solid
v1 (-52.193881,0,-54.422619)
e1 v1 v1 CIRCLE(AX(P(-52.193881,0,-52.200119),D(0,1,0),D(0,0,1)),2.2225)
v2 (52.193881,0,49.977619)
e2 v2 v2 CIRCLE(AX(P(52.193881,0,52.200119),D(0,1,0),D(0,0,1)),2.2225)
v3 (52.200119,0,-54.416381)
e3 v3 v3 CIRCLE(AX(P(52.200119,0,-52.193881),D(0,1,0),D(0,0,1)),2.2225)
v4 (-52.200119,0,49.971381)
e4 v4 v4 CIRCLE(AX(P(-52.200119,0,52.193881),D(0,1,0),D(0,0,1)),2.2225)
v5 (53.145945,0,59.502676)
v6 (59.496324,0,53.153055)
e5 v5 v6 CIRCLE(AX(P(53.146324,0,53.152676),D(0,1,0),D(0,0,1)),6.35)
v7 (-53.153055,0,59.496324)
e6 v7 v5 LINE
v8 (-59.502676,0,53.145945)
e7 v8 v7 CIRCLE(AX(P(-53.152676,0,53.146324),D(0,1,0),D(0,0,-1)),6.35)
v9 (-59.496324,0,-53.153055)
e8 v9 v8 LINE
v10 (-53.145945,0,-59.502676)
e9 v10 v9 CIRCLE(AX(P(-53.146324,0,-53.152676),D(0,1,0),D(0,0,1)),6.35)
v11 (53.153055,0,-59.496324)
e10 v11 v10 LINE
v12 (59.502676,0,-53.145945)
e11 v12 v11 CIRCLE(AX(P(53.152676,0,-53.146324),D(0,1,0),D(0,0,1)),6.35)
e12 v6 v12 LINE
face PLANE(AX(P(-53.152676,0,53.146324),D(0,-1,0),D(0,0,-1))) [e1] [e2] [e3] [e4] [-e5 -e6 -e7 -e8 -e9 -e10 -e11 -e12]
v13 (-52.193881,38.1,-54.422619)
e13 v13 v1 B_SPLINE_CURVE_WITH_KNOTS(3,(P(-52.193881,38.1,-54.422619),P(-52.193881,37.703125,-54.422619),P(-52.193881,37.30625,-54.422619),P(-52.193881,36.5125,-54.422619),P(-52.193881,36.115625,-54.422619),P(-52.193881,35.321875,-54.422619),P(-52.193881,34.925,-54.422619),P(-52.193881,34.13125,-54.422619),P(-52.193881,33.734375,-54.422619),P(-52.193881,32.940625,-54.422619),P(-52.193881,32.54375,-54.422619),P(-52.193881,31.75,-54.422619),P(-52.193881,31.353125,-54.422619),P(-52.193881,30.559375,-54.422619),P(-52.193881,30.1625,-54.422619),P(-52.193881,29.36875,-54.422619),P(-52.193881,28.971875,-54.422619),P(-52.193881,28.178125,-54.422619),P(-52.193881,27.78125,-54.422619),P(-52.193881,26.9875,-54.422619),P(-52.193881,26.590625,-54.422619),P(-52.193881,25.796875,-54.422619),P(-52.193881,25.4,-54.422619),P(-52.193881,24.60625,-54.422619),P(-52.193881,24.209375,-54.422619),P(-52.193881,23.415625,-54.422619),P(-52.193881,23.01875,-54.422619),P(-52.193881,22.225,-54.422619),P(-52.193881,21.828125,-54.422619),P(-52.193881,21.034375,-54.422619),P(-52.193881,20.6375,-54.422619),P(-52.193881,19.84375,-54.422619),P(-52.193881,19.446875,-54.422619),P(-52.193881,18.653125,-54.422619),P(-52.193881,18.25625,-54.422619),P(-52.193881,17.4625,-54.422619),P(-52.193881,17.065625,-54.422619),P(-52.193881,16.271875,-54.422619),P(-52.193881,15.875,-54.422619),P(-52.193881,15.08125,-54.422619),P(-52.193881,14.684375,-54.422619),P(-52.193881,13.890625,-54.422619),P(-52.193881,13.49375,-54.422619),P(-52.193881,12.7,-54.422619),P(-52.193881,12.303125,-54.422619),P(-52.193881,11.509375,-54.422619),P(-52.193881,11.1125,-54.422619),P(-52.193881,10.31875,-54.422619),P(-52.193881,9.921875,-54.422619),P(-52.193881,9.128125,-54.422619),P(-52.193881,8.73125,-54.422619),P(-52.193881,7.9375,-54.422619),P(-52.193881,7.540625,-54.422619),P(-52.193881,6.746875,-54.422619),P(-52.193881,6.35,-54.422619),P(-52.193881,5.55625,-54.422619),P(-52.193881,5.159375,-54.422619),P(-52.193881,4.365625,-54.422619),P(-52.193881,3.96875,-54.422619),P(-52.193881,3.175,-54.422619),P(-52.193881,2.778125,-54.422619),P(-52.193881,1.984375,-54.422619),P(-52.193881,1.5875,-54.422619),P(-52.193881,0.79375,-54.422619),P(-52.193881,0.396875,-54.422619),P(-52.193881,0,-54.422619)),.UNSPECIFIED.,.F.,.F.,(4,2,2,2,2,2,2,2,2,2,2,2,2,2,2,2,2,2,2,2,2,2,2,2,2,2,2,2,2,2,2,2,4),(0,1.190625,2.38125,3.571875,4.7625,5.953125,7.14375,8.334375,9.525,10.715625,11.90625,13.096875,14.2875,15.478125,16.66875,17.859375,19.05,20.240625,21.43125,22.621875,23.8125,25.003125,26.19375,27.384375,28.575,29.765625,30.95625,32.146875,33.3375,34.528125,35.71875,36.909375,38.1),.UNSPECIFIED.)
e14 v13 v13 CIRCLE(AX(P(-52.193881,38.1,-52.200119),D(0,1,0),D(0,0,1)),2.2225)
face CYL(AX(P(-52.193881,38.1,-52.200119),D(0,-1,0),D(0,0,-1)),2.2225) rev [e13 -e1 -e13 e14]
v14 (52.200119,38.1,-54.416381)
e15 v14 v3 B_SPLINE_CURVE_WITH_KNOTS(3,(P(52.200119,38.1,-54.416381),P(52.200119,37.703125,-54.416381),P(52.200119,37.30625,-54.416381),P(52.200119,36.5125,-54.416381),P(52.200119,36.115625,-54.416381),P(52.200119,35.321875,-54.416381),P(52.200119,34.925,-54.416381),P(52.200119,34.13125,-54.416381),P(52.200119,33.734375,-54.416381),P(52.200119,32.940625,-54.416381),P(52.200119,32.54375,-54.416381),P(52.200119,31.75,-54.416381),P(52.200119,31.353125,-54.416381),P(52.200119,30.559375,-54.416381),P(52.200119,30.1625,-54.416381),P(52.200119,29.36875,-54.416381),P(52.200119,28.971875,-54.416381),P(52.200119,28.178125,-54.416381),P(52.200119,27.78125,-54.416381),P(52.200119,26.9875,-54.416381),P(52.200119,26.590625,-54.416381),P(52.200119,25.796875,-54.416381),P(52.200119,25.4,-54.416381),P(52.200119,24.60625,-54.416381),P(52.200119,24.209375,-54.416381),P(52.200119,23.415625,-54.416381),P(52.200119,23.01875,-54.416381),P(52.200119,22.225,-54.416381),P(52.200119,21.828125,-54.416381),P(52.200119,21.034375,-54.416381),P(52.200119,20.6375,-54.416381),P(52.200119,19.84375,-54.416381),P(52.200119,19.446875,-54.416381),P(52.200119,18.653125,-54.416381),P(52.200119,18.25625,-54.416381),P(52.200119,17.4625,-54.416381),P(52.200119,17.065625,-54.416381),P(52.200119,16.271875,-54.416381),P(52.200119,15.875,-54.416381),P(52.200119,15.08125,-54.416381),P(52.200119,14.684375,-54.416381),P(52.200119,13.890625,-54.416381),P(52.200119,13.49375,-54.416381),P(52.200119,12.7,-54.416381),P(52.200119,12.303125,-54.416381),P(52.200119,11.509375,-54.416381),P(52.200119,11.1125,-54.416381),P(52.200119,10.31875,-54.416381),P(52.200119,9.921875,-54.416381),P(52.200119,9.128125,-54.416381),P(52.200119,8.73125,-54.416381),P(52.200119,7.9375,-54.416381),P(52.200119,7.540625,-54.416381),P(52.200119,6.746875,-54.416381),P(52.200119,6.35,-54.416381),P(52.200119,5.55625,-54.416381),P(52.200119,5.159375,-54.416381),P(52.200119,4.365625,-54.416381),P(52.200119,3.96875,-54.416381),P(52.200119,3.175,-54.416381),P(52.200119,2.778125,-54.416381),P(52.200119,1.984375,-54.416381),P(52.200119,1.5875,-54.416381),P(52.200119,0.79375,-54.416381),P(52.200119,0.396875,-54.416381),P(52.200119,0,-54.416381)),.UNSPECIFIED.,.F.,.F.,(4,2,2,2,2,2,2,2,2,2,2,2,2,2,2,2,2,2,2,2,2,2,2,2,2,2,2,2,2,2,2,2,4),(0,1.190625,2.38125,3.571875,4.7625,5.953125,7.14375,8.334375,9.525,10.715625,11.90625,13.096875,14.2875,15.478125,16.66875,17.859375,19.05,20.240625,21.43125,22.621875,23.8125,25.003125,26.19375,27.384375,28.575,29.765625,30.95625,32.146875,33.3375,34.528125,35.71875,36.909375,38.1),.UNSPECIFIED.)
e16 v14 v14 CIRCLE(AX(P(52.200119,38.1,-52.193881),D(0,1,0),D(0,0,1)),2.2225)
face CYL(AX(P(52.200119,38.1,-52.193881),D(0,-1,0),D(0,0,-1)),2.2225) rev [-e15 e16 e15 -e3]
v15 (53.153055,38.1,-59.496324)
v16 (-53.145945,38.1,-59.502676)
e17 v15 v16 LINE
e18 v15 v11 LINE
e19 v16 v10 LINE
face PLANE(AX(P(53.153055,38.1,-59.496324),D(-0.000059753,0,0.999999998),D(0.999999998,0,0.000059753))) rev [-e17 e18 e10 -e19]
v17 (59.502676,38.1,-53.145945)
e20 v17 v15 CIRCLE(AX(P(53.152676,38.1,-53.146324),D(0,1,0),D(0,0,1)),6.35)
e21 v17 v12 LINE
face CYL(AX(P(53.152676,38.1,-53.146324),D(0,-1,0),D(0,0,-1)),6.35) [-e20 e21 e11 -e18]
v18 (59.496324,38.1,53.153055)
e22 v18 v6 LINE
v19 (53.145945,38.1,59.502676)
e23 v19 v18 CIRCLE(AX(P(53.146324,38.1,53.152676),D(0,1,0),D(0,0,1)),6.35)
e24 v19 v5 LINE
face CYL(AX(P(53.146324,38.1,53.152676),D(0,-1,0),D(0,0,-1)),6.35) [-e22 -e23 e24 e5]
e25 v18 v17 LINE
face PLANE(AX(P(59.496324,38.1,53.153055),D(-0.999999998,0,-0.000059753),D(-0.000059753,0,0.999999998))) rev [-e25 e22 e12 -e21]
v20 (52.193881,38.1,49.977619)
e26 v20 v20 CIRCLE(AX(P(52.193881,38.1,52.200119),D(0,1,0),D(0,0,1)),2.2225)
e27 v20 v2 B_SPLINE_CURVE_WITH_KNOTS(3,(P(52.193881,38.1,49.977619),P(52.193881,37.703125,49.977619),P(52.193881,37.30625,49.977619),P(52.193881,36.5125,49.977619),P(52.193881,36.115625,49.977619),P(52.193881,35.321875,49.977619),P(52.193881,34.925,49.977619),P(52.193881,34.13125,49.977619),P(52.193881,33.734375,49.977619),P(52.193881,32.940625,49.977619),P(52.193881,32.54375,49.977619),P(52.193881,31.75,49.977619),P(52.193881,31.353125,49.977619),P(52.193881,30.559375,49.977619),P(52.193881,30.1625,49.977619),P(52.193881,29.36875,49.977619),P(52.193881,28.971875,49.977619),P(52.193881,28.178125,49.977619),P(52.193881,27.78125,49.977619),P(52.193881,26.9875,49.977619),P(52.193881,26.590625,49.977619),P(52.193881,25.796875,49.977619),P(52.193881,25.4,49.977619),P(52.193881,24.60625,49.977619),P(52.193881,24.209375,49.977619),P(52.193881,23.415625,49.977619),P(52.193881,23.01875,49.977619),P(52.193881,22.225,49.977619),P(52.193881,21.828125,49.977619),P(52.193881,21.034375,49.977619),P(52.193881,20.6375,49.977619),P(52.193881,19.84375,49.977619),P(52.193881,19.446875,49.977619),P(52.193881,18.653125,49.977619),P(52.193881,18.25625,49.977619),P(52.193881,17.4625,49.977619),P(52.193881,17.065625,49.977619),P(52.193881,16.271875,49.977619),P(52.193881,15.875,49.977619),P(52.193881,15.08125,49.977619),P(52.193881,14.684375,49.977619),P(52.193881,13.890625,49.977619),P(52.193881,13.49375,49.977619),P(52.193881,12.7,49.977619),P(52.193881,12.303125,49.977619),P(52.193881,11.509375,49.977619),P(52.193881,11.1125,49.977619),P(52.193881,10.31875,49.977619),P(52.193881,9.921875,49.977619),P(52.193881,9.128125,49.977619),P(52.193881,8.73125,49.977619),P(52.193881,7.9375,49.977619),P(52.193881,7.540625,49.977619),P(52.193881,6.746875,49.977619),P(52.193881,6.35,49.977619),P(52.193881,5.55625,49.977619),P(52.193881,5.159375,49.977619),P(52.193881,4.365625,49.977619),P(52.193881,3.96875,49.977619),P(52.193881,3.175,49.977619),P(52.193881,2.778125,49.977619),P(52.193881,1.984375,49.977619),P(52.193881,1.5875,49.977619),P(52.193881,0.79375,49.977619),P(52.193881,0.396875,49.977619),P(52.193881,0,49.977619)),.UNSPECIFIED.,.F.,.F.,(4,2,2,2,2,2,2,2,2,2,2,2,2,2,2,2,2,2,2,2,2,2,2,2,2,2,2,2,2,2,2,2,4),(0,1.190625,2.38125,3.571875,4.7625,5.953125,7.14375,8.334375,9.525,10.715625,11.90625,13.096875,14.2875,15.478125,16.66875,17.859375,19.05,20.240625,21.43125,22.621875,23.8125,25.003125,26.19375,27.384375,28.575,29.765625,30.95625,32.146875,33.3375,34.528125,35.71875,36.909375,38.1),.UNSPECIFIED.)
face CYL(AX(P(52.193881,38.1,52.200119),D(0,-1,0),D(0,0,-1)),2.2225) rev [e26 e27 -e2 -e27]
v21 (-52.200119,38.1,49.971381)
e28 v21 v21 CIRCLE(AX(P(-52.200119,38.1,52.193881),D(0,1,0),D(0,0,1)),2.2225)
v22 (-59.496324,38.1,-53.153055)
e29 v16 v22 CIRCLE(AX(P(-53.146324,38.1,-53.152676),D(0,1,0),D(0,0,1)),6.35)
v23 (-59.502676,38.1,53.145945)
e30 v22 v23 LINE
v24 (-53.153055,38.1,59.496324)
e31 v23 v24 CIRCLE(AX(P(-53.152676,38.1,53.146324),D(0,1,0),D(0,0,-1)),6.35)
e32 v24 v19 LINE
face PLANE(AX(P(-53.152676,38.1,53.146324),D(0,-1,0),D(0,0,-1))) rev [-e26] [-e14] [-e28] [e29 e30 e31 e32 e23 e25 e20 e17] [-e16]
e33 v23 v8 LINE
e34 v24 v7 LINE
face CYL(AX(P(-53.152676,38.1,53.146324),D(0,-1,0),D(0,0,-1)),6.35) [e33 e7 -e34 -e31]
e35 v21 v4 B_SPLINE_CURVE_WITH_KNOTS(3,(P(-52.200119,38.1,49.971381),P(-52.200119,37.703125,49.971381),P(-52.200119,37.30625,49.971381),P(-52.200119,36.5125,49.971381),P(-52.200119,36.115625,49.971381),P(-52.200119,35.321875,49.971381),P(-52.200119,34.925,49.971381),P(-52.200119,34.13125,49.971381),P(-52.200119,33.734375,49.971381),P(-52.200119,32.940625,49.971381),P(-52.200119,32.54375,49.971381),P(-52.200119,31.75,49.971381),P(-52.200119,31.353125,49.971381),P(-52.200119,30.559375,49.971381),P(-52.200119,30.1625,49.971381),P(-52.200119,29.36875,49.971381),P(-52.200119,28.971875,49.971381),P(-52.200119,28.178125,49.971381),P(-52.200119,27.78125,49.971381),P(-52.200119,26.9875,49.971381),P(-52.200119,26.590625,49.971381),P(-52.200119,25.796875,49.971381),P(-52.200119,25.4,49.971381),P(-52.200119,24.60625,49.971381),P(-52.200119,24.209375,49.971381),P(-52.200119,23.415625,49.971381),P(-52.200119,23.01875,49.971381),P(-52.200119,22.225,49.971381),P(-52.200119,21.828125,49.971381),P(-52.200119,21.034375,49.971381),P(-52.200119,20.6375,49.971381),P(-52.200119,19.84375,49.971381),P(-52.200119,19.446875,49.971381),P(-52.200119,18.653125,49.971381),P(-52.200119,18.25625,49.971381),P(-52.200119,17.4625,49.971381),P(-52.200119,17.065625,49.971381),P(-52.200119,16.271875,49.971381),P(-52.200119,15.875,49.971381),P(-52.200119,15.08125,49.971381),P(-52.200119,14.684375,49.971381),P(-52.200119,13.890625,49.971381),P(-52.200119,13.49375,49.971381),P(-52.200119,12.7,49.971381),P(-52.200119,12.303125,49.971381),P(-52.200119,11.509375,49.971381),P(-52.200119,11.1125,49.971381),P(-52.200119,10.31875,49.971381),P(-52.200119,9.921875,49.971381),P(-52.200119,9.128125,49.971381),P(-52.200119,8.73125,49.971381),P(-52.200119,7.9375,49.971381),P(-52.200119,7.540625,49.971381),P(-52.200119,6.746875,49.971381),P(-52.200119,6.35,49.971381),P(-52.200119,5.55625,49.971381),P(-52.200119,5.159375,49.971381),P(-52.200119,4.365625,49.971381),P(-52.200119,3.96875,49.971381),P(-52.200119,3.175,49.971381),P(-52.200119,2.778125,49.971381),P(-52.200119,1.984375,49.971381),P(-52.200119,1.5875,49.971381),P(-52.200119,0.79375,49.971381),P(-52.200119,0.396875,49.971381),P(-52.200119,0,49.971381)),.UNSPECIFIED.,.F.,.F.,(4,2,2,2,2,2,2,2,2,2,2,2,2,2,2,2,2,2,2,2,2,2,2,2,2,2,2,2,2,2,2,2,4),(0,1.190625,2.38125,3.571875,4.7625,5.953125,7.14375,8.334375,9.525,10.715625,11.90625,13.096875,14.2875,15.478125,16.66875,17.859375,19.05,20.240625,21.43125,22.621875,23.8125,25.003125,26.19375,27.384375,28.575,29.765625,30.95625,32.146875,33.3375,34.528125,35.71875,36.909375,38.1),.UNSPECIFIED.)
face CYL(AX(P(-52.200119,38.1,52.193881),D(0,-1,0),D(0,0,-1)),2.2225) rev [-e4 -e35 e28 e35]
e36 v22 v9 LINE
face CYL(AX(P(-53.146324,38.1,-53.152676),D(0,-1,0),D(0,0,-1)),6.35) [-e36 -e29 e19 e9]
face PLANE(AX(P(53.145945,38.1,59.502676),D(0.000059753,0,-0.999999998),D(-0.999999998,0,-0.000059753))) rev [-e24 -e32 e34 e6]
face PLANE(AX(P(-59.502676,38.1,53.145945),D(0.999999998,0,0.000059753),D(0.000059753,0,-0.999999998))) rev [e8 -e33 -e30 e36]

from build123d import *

# Parameters (mm, degrees)
SKETCH1_R           = 2.2225
BOSS_EXTRUDE1_DEPTH = 38.1


with BuildPart() as part:
    # Sketch1 → Boss-Extrude1 (new body)
    with BuildSketch(Plane(origin=(0, 0, 0), x_dir=(1, 0, 0), z_dir=(0, 1, 0))):
        with BuildLine():
            Line((53.145944626, -59.502675741), (-53.153055185, -59.496324046))
            ThreePointArc((-53.153055185, -59.496324046), (-57.643072104, -57.636183811), (-59.502675741, -53.145944626))
            Line((-59.502675741, -53.145944626), (-59.496324046, 53.153055185))
            ThreePointArc((-59.496324046, 53.153055185), (-57.636183811, 57.643072104), (-53.145944626, 59.502675741))
            Line((-53.145944626, 59.502675741), (53.153055185, 59.496324046))
            ThreePointArc((53.153055185, 59.496324046), (57.643072104, 57.636183811), (59.502675741, 53.145944626))
            Line((59.502675741, 53.145944626), (59.496324046, -53.153055185))
            ThreePointArc((59.496324046, -53.153055185), (57.636183811, -57.643072104), (53.145944626, -59.502675741))
        make_face()
        with Locations(Location((-52.193880974, 52.200118839, 0), (0, 0, 90))):
            Circle(SKETCH1_R, mode=Mode.SUBTRACT)
        with Locations(Location((52.200118839, 52.193880974, 0), (0, 0, 90))):
            Circle(SKETCH1_R, mode=Mode.SUBTRACT)
        with Locations(Location((52.193880974, -52.200118839, 0), (0, 0, 90))):
            Circle(SKETCH1_R, mode=Mode.SUBTRACT)
        with Locations(Location((-52.200118839, -52.193880974, 0), (0, 0, 90))):
            Circle(SKETCH1_R, mode=Mode.SUBTRACT)
    extrude(amount=BOSS_EXTRUDE1_DEPTH)


solid = part.part
